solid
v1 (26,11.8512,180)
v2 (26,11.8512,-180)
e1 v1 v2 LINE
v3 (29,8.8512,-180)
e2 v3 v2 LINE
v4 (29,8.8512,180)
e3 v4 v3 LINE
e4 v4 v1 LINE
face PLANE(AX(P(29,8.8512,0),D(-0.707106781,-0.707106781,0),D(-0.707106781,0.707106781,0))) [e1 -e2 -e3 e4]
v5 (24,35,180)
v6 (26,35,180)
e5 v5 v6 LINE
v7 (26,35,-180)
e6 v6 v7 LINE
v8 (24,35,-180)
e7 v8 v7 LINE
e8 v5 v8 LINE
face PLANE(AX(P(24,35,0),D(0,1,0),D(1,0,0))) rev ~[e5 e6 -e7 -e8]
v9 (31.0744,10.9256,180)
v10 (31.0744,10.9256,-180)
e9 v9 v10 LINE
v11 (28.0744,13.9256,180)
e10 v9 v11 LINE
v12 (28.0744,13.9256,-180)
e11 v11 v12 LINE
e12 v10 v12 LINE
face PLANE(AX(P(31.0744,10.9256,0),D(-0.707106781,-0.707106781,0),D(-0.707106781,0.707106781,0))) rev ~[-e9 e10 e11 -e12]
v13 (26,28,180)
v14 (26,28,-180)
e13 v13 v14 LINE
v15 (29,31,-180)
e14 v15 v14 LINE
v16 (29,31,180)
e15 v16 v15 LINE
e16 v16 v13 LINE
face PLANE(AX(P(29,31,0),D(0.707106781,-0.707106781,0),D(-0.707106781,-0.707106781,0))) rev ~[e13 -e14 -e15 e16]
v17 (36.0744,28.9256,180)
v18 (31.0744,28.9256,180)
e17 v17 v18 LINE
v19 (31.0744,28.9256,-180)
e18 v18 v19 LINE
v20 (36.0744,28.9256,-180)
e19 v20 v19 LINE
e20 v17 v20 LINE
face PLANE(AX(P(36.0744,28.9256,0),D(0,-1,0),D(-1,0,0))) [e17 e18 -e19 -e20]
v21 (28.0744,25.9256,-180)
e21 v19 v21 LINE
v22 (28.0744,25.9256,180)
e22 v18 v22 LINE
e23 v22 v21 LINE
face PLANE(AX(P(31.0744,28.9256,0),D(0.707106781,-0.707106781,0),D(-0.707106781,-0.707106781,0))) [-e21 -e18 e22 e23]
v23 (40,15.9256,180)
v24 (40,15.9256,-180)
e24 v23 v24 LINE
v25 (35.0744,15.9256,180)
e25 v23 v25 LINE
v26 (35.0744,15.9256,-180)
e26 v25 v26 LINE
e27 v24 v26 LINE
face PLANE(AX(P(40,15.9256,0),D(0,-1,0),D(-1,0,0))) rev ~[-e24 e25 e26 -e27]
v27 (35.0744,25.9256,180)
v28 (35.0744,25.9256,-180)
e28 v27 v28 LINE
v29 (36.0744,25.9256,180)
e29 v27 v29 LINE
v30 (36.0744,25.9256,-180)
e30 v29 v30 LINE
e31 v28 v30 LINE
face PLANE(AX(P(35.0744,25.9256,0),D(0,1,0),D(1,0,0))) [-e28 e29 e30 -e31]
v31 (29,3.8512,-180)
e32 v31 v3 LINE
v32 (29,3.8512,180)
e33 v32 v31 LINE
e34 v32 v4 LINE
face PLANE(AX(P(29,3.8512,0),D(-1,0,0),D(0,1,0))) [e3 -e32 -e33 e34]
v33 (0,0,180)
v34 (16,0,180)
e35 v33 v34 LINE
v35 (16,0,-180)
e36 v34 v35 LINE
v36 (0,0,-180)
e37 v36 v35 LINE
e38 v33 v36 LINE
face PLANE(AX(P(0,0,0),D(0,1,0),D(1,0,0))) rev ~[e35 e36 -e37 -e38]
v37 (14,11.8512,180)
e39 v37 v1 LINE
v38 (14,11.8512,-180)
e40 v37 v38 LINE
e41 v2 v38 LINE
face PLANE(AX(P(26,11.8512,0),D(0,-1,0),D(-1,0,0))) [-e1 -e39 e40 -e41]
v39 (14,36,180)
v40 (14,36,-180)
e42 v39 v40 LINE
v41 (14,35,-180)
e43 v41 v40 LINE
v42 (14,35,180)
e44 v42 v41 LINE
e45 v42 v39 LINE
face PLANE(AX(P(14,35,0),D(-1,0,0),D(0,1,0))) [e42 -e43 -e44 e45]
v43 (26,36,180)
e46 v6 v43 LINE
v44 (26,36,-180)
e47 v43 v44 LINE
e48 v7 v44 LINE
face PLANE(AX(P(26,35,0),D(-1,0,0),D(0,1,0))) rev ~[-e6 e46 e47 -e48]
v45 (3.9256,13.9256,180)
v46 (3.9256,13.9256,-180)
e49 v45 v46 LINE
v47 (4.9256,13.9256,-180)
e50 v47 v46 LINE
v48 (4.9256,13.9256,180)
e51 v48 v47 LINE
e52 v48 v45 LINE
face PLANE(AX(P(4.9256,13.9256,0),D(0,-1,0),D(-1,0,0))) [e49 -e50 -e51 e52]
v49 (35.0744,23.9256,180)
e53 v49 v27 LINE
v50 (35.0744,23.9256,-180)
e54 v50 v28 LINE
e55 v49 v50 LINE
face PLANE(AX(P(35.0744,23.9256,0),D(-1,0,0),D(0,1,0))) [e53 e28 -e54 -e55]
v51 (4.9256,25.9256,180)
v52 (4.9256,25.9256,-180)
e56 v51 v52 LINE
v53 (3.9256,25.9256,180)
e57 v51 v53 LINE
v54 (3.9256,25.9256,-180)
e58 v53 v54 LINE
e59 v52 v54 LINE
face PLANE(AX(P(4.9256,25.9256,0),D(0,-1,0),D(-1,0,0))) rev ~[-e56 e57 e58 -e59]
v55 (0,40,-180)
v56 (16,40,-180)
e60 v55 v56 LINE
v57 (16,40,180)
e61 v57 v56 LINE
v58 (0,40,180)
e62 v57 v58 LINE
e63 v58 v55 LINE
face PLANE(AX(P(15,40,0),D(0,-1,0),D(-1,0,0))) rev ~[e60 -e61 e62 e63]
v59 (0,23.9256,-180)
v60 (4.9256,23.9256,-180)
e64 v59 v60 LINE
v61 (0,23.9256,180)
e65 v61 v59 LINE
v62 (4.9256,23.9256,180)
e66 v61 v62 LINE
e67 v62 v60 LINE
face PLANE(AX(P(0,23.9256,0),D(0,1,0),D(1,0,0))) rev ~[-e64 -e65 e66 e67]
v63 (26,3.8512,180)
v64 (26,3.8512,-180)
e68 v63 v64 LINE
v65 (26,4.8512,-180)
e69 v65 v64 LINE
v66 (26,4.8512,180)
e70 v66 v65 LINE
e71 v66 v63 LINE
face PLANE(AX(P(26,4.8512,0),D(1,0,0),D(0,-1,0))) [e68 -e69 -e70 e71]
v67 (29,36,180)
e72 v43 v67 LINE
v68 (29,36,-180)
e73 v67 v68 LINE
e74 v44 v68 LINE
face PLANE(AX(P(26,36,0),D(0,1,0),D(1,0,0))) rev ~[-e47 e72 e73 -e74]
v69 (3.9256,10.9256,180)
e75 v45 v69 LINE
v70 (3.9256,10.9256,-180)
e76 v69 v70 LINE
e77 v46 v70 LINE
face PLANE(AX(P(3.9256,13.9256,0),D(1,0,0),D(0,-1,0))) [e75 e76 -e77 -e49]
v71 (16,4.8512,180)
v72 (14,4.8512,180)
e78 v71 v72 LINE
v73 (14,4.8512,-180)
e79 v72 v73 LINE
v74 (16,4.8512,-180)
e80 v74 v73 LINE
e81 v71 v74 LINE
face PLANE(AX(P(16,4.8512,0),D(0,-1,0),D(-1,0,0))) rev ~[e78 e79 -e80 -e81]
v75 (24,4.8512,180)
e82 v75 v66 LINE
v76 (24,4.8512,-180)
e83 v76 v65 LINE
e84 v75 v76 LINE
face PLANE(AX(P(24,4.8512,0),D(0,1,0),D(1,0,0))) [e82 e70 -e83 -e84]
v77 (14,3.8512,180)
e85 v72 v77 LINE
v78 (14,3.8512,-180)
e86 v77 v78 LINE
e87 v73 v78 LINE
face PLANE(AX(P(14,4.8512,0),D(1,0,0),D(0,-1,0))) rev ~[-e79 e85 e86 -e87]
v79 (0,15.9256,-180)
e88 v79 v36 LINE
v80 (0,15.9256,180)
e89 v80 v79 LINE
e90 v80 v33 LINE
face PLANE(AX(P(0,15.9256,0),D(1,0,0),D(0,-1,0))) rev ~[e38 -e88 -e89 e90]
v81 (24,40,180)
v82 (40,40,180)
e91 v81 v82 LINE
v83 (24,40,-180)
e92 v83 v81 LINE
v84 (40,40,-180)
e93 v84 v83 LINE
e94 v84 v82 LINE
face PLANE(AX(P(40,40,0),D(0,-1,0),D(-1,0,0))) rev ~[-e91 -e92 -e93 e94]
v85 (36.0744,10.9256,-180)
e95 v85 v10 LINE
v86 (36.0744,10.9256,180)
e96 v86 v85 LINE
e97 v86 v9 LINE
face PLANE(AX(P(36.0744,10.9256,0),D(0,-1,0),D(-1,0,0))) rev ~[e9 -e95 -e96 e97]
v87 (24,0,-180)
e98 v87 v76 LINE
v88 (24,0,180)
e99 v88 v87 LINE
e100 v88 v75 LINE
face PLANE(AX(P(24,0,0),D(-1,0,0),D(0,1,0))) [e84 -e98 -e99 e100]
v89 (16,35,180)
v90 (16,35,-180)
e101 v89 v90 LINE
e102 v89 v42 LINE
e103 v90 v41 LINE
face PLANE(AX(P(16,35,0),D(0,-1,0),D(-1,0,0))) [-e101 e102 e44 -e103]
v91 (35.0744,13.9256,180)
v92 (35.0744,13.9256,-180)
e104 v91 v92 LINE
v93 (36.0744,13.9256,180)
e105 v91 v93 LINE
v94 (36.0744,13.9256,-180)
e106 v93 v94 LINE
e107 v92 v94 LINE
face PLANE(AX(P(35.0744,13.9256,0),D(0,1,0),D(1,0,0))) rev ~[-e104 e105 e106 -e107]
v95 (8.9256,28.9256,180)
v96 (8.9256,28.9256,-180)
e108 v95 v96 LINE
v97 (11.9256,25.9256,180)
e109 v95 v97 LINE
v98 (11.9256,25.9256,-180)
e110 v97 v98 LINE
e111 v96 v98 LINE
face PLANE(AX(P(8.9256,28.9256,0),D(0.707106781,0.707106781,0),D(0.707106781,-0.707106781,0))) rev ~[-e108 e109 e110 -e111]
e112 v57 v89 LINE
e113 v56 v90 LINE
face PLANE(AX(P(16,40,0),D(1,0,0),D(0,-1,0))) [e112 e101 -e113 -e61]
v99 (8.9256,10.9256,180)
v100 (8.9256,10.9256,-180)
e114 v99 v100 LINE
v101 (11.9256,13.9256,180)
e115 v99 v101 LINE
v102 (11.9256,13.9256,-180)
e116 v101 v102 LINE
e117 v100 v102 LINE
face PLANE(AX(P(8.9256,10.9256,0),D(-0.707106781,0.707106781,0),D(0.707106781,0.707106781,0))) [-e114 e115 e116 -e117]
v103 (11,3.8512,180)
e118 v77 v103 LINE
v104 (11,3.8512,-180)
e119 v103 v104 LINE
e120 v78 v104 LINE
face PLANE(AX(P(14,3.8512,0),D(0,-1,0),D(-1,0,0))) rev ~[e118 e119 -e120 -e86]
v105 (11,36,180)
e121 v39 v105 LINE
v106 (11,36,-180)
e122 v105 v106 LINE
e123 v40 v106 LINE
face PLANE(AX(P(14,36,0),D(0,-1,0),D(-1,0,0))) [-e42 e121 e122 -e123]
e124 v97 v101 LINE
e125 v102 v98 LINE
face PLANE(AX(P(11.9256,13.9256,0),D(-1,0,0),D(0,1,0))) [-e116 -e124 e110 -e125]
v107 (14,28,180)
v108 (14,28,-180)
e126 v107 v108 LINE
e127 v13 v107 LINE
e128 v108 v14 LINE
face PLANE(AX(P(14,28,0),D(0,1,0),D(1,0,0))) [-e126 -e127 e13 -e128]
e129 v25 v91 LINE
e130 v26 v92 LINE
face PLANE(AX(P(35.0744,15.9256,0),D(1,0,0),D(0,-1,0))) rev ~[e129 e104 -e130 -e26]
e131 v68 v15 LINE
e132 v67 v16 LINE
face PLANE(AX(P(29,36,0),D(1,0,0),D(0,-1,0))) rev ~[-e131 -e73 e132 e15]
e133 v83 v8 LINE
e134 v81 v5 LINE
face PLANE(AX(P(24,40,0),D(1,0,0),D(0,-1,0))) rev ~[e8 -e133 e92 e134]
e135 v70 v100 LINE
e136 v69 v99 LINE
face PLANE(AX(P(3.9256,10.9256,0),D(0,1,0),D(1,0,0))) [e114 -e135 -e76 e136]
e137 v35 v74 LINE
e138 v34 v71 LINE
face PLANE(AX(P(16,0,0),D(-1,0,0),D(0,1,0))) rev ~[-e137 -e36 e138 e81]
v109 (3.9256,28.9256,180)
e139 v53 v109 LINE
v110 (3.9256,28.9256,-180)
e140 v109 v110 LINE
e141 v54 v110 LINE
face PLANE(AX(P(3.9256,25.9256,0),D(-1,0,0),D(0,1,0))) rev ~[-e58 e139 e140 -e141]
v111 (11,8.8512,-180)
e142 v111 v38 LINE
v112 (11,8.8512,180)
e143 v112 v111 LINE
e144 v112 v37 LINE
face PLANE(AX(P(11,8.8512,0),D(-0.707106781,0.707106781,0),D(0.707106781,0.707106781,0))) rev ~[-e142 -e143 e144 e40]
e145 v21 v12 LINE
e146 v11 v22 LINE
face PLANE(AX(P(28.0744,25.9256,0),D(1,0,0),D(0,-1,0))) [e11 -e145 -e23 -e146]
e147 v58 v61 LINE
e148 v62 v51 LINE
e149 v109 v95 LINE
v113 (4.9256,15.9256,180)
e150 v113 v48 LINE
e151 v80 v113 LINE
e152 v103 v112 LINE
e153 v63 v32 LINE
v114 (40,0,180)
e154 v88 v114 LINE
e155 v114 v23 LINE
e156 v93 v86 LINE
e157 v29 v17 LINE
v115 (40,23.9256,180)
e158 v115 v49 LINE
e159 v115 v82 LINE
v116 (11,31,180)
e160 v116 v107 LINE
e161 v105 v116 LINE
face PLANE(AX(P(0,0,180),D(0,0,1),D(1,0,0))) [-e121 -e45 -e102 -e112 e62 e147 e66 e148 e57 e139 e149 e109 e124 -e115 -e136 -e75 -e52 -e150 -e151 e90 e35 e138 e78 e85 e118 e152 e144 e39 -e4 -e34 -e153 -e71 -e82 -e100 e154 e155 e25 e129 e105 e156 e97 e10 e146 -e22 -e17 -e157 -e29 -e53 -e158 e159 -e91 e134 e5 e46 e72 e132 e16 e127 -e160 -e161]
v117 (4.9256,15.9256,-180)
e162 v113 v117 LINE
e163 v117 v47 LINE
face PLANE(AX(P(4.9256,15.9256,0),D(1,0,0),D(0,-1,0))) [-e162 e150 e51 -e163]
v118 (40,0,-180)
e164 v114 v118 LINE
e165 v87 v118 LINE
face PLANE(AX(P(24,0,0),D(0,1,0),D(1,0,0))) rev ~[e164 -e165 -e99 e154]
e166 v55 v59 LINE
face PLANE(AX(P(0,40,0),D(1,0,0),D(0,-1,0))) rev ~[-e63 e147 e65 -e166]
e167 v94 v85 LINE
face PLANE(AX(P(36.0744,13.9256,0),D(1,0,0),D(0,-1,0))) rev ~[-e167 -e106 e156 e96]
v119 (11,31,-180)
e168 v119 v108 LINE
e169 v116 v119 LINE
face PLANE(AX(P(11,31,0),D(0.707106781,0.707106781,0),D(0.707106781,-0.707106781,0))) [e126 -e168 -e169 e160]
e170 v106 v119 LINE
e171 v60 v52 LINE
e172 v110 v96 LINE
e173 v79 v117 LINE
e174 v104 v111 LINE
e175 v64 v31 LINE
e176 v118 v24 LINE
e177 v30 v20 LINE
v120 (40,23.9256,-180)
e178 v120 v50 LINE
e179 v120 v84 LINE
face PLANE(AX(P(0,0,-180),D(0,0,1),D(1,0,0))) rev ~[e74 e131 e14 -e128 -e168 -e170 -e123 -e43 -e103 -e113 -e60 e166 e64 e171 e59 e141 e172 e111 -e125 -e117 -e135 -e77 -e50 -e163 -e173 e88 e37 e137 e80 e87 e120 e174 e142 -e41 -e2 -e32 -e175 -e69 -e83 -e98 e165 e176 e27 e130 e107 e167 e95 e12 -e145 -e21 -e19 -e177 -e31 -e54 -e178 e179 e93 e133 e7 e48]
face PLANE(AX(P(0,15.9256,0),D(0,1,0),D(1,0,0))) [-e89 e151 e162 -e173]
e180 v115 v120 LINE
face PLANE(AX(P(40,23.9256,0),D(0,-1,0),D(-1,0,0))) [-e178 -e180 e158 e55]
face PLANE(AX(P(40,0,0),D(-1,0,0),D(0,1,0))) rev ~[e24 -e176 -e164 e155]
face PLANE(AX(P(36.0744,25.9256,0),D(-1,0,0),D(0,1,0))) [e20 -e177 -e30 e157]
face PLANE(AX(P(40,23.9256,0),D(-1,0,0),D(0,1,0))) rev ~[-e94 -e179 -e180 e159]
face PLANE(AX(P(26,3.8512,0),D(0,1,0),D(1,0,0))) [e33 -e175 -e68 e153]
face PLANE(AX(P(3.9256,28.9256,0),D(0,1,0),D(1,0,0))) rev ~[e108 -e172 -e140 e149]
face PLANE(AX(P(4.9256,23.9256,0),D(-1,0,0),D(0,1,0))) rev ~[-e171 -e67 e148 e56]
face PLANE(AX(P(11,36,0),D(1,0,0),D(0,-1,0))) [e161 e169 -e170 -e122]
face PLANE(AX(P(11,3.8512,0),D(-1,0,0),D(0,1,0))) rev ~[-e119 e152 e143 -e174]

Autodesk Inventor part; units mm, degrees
ref_plane "YZ Plane" through (0, 0, 0) normal (1, 0, 0) x (0, 1, 0)
ref_plane "XZ Plane" through (0, 0, 0) normal (0, 1, 0) x (-1, 0, 0)
ref_plane "XY Plane" through (0, 0, 0) normal (0, 0, 1) x (1, 0, 0)
sketch "스케치1" plane through (0, 0, 0) normal (0, 0, 1) x (1, 0, 0)
  line L0 (40, 40) -> (25, 40)
  line L1 (15, 40) -> (0, 40)
  line L2 (16, 40) -> (16, 35)
  line L3 (16, 35) -> (14, 35)
  line L4 (14, 35) -> (14, 36)
  line L5 (14, 36) -> (11, 36)
  line L6 (11, 36) -> (11, 31)
  line L7 (11, 31) -> (14, 28)
  line L8 (11, 31) -> (20.81, 31) construction
  line L9 (14, 28) -> (20, 28)
  line L10 (24, 40) -> (24, 35)
  line L11 (24, 35) -> (26, 35)
  line L12 (26, 35) -> (26, 36)
  line L13 (26, 36) -> (29, 36)
  line L14 (29, 36) -> (29, 31)
  line L15 (29, 31) -> (26, 28)
  line L16 (29, 31) -> (19.19, 31) construction
  line L17 (26, 28) -> (20, 28)
  line L18 (-0.0744, 15.9256) -> (4.9256, 15.9256)
  line L19 (-0.0744, 23.9256) -> (4.9256, 23.9256)
  line L20 (4.9256, 23.9256) -> (4.9256, 25.9256)
  line L21 (11.9256, 25.9256) -> (11.9256, 19.9256)
  line L22 (8.9256, 28.9256) -> (8.9256, 19.1155) construction
  line L23 (8.9256, 28.9256) -> (11.9256, 25.9256)
  line L24 (3.9256, 28.9256) -> (8.9256, 28.9256)
  line L25 (3.9256, 25.9256) -> (3.9256, 28.9256)
  line L26 (4.9256, 25.9256) -> (3.9256, 25.9256)
  line L27 (4.9256, 15.9256) -> (4.9256, 13.9256)
  line L28 (11.9256, 13.9256) -> (11.9256, 19.9256)
  line L29 (4.9256, 13.9256) -> (3.9256, 13.9256)
  line L30 (8.9256, 10.9256) -> (11.9256, 13.9256)
  line L31 (8.9256, 10.9256) -> (8.9256, 20.7356) construction
  line L32 (3.9256, 13.9256) -> (3.9256, 10.9256)
  line L33 (3.9256, 10.9256) -> (8.9256, 10.9256)
  line L34 (24, -0.1488) -> (24, 4.8512)
  line L35 (16, -0.1488) -> (16, 4.8512)
  line L36 (16, 4.8512) -> (14, 4.8512)
  line L37 (14, 11.8512) -> (20, 11.8512)
  line L38 (11, 8.8512) -> (20.81, 8.8512) construction
  line L39 (11, 8.8512) -> (14, 11.8512)
  line L40 (11, 3.8512) -> (11, 8.8512)
  line L41 (14, 3.8512) -> (11, 3.8512)
  line L42 (14, 4.8512) -> (14, 3.8512)
  line L43 (24, 4.8512) -> (26, 4.8512)
  line L44 (26, 11.8512) -> (20, 11.8512)
  line L45 (26, 4.8512) -> (26, 3.8512)
  line L46 (29, 8.8512) -> (26, 11.8512)
  line L47 (29, 8.8512) -> (19.19, 8.8512) construction
  line L48 (26, 3.8512) -> (29, 3.8512)
  line L49 (29, 3.8512) -> (29, 8.8512)
  line L50 (40.0744, 23.9256) -> (35.0744, 23.9256)
  line L51 (40.0744, 15.9256) -> (35.0744, 15.9256)
  line L52 (35.0744, 15.9256) -> (35.0744, 13.9256)
  line L53 (28.0744, 13.9256) -> (28.0744, 19.9256)
  line L54 (31.0744, 10.9256) -> (31.0744, 20.7356) construction
  line L55 (31.0744, 10.9256) -> (28.0744, 13.9256)
  line L56 (36.0744, 10.9256) -> (31.0744, 10.9256)
  line L57 (36.0744, 13.9256) -> (36.0744, 10.9256)
  line L58 (35.0744, 13.9256) -> (36.0744, 13.9256)
  line L59 (35.0744, 23.9256) -> (35.0744, 25.9256)
  line L60 (28.0744, 25.9256) -> (28.0744, 19.9256)
  line L61 (35.0744, 25.9256) -> (36.0744, 25.9256)
  line L62 (31.0744, 28.9256) -> (28.0744, 25.9256)
  line L63 (31.0744, 28.9256) -> (31.0744, 19.1155) construction
  line L64 (36.0744, 25.9256) -> (36.0744, 28.9256)
  line L65 (36.0744, 28.9256) -> (31.0744, 28.9256)
  line L66 (11, 20) -> (11.9256, 20)
  line L67 (28.0744, 20) -> (29, 20)
  line L68 (20, 3.8512) -> (20, 4.8512)
  line L69 (20, 35) -> (20, 36)
  line L70 (15, 40) -> (16, 40)
  line L71 (24, 40) -> (25, 40)
  line L72 (0, 40) -> (0, 23.9256)
  line L73 (0, 15.9256) -> (0, 0)
  line L74 (40, 0) -> (40, 15.9256)
  line L75 (40, 23.9256) -> (40, 40)
  line L76 (0, 0) -> (16, 0)
  line L77 (24, 0) -> (40, 0)
  point P0 (25, 38)
  point P1 (20, 19.9256)
  point P2 (15, 35)
  point P3 (25, 35)
  point P4 (4.9256, 24.9256)
  point P5 (4.9256, 14.9256)
  point P6 (15, 4.8512)
  point P7 (25, 4.8512)
  point P8 (35.0744, 14.9256)
  point P9 (35.0744, 24.9256)
  dimension "d0" = 40
  dimension "d1" = 40
  dimension "d14" = 2
  dimension "d15" = 5
  dimension "d16" = 1
  dimension "d17" = 3
  dimension "d18" = 5
  dimension "d19" = 45
  dimension "d21" = 7
  dimension "d24" = 360
extrude "돌출1" add sketch "스케치1" along normal mid plane 360
properties part number "36" material "철, 회색"
